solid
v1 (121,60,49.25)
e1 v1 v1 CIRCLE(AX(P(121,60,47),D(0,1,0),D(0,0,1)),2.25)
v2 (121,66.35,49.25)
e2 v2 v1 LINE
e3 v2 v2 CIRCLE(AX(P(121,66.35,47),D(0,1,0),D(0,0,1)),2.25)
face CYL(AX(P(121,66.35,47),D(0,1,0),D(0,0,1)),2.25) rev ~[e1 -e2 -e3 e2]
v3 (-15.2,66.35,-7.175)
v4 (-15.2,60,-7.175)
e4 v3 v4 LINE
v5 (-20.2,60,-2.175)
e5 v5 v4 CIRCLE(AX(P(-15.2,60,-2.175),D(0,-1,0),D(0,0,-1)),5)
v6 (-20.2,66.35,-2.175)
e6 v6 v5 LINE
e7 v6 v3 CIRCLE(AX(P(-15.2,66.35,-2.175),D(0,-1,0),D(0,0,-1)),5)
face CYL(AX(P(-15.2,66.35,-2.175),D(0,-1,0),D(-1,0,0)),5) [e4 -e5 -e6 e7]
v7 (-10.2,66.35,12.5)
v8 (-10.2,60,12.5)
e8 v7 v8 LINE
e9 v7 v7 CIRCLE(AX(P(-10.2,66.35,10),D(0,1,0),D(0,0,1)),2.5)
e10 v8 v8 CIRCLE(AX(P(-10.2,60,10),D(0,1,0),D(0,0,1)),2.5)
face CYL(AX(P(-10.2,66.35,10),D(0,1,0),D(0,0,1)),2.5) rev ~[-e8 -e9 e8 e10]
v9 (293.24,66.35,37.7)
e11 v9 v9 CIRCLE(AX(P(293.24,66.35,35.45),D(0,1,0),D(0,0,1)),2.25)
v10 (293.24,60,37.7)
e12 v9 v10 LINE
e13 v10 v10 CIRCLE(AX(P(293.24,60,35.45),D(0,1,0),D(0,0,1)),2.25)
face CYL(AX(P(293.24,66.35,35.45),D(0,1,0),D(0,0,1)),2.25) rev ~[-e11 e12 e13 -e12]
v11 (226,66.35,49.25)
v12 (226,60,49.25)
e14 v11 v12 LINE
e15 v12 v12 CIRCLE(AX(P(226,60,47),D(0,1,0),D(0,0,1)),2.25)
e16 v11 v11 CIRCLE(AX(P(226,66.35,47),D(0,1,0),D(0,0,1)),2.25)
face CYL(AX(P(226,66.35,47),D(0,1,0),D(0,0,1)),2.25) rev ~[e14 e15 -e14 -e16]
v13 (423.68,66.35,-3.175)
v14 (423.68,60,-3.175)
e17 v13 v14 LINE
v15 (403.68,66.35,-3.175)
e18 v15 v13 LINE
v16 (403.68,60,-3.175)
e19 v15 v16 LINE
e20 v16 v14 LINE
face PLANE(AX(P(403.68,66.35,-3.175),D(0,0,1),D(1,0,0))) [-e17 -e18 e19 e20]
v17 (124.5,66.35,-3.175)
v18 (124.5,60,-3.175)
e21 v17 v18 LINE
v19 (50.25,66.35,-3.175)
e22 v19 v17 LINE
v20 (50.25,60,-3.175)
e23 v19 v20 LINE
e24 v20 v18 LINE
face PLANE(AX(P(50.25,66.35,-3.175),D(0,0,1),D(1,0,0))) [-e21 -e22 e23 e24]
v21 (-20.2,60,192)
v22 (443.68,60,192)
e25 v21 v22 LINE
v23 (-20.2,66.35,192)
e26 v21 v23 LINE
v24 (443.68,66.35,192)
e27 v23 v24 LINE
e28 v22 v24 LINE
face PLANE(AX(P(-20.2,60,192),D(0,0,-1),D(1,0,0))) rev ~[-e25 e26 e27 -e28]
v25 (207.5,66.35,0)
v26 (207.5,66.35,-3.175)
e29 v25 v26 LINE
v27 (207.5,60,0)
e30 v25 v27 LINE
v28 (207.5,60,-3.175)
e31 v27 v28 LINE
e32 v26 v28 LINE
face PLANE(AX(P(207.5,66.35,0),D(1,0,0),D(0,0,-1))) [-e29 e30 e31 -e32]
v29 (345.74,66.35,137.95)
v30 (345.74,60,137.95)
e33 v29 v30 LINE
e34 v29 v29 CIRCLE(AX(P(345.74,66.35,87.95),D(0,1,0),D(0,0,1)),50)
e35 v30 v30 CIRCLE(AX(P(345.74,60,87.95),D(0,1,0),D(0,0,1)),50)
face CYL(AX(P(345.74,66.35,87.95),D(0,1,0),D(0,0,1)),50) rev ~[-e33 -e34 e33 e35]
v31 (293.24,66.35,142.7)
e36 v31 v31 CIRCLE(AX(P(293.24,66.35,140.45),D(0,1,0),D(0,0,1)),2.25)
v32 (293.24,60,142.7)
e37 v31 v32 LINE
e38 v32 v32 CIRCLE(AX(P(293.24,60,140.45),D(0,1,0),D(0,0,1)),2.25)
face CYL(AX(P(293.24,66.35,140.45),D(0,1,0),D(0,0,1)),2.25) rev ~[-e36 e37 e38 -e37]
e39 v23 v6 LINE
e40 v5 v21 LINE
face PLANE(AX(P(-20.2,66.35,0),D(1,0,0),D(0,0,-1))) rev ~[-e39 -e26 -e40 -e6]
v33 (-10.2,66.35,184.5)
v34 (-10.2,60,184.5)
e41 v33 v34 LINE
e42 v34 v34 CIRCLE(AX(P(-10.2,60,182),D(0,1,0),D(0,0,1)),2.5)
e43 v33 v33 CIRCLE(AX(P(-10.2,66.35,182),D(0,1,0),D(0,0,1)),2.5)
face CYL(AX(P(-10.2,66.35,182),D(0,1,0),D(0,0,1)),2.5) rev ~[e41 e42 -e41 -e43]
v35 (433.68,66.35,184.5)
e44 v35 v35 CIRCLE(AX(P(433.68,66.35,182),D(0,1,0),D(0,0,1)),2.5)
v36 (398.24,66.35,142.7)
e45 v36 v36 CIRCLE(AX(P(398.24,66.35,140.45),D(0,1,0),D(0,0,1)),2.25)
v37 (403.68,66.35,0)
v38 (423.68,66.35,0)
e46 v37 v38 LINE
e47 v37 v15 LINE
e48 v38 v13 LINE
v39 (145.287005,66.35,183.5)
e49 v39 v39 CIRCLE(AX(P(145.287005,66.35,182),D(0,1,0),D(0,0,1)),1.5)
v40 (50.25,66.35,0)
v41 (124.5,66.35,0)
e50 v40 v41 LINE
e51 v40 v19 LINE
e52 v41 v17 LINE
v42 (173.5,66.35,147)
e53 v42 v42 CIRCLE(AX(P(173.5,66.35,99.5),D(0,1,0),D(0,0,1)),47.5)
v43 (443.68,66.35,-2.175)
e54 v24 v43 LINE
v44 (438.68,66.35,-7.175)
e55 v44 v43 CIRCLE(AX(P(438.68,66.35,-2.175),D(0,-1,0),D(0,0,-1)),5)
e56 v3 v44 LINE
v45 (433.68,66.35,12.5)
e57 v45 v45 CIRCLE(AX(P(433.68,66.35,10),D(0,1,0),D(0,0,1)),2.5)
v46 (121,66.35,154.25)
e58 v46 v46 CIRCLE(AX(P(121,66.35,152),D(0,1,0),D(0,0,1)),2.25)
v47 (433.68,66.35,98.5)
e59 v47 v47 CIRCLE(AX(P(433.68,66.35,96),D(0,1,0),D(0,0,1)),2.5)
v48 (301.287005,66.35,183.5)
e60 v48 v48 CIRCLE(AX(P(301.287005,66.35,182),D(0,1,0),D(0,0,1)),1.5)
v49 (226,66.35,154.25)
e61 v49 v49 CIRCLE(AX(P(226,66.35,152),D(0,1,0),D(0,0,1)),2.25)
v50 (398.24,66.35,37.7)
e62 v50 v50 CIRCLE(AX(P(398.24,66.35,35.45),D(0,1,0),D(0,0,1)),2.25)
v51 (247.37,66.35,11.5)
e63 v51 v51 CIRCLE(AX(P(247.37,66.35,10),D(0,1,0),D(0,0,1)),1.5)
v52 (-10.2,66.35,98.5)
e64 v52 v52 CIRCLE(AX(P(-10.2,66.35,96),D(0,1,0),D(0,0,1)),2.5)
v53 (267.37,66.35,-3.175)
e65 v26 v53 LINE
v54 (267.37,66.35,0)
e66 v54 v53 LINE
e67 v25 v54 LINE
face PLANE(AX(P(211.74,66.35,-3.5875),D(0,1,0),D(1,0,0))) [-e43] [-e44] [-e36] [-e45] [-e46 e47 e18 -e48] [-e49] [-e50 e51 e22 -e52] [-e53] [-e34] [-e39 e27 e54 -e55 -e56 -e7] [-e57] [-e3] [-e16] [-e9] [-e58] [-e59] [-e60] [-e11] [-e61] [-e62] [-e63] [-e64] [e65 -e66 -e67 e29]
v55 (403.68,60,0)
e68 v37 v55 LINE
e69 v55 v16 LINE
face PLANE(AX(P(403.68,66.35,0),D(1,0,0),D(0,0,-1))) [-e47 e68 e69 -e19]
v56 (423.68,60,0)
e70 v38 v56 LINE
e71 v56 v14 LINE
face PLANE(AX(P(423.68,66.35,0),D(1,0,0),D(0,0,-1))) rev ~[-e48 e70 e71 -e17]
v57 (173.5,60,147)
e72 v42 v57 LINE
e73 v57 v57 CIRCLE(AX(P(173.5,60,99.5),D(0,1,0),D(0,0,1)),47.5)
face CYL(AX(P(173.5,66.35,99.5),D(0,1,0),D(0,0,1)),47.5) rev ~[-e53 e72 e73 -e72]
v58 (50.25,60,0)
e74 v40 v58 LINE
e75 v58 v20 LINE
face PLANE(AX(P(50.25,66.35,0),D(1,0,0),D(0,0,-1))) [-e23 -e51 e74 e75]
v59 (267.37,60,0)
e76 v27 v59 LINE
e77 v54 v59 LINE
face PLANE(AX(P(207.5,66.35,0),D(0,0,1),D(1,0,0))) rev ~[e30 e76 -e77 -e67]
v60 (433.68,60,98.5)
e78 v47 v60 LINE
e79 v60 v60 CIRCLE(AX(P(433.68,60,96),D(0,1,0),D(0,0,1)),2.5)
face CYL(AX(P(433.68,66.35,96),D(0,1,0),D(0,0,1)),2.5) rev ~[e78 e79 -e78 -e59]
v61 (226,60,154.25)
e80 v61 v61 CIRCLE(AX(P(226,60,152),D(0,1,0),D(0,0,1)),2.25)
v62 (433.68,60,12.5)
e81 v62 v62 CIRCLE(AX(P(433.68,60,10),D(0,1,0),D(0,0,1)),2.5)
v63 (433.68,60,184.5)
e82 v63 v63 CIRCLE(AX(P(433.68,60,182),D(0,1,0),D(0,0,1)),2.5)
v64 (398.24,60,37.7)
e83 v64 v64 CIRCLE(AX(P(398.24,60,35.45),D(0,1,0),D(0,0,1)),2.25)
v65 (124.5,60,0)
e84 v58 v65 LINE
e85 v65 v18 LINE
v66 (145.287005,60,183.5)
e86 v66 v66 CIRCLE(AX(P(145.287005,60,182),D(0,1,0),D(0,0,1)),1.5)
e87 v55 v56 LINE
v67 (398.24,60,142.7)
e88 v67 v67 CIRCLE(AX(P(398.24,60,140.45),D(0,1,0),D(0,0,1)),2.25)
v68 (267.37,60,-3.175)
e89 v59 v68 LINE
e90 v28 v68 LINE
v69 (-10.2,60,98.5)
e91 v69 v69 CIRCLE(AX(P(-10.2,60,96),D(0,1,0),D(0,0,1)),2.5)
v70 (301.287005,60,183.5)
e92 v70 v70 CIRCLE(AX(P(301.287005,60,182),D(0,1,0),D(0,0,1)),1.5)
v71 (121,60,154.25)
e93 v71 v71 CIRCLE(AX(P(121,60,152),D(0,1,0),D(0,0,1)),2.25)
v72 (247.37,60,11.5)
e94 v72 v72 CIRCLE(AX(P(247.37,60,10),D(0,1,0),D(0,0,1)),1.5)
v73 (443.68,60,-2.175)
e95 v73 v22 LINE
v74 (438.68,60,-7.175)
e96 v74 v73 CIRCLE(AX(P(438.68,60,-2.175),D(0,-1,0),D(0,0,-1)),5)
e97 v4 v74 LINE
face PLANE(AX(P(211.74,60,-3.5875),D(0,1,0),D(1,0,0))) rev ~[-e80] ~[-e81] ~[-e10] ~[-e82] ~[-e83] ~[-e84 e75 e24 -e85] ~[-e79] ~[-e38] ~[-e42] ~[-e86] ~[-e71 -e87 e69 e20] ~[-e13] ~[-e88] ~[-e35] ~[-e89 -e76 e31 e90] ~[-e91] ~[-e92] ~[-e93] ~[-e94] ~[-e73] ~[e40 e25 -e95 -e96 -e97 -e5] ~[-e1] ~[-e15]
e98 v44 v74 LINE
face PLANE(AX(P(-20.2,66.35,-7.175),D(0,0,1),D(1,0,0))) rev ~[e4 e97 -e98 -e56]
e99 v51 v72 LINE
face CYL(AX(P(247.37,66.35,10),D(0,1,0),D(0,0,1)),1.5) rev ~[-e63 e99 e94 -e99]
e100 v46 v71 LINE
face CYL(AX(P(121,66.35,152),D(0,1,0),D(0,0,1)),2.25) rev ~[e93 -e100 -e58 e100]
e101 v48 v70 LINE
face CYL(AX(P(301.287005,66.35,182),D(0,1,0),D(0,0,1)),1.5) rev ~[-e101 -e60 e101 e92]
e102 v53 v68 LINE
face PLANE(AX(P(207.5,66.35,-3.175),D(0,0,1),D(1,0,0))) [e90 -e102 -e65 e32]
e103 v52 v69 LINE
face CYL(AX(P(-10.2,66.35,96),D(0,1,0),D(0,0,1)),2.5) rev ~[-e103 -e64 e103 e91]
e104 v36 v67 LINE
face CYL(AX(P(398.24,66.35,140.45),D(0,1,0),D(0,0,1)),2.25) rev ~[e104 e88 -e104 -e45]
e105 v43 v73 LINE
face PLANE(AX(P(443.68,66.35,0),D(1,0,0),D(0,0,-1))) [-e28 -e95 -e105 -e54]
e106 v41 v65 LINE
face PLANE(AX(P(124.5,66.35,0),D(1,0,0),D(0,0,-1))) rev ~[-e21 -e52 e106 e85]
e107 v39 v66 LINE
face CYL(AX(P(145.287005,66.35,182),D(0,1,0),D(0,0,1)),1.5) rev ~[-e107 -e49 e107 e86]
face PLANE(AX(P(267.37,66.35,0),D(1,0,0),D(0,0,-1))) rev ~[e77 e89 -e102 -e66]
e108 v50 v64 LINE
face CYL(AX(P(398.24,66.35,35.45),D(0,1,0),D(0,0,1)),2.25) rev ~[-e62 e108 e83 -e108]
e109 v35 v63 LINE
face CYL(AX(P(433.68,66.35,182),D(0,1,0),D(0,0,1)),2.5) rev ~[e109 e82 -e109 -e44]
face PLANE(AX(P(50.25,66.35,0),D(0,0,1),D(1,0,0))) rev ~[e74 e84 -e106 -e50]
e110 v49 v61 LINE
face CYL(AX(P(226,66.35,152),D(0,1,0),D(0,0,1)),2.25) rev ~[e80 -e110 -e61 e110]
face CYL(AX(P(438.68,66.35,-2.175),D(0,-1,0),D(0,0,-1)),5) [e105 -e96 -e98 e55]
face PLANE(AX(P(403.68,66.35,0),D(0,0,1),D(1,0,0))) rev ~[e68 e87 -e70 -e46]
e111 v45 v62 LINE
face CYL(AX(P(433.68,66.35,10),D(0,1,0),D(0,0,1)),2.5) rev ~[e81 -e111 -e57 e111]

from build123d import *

# Parameters (mm, degrees)
SKETCH1_W           = 463.88
SKETCH1_H           = 192
BOSS_EXTRUDE1_DEPTH = 6.35
SKETCH4_R           = 2.5
CUT_EXTRUDE2_DEPTH  = 484.483469107
SKETCH2_W           = 463.88
SKETCH2_H           = 7.175
BOSS_EXTRUDE2_DEPTH = 6.35
SKETCH3_W           = 74.25
SKETCH3_H           = 3.175
SKETCH3_W_2         = 59.87
SKETCH3_W_3         = 20
CUT_EXTRUDE1_DEPTH  = 484.483469107
SKETCH5_R           = 1.5
CUT_EXTRUDE3_DEPTH  = 484.483469107
FILLET1_R           = 5
SKETCH6_R           = 47.5
SKETCH6_R_2         = 50
SKETCH6_R_3         = 2.25
CUT_EXTRUDE4_DEPTH  = 484.483469107


with BuildPart() as part:
    # Sketch1 → Boss-Extrude1 (new body)
    with BuildSketch(Plane(origin=(0, 60, 0), x_dir=(1, 0, 0), z_dir=(0, 1, 0))):
        with Locations((211.74, -96)):
            Rectangle(SKETCH1_W, SKETCH1_H)
    extrude(amount=BOSS_EXTRUDE1_DEPTH)

    # Sketch4 → Cut-Extrude2 (cut, through all)
    with BuildSketch(Plane(origin=(0, 66.35, 0), x_dir=(1, 0, 0), z_dir=(0, 1, 0))):
        with Locations(Location((433.68, -10, 0), (0, 0, 270))):
            Circle(SKETCH4_R)
        with Locations(Location((433.68, -96, 0), (0, 0, 270))):
            Circle(SKETCH4_R)
        with Locations(Location((433.68, -182, 0), (0, 0, 270))):
            Circle(SKETCH4_R)
        with Locations(Location((-10.2, -182, 0), (0, 0, 270))):
            Circle(SKETCH4_R)
        with Locations(Location((-10.2, -96, 0), (0, 0, 270))):
            Circle(SKETCH4_R)
        with Locations(Location((-10.2, -10, 0), (0, 0, 270))):
            Circle(SKETCH4_R)
    extrude(amount=-CUT_EXTRUDE2_DEPTH, mode=Mode.SUBTRACT)

    # Sketch2 → Boss-Extrude2 (add)
    with BuildSketch(Plane(origin=(0, 66.35, 0), x_dir=(1, 0, 0), z_dir=(0, 1, 0))):
        with Locations((211.74, 3.5875)):
            Rectangle(SKETCH2_W, SKETCH2_H)
    extrude(amount=-BOSS_EXTRUDE2_DEPTH)

    # Sketch3 → Cut-Extrude1 (cut, through all)
    with BuildSketch(Plane(origin=(0, 66.35, 0), x_dir=(1, 0, 0), z_dir=(0, 1, 0))):
        with Locations((87.375, 1.5875)):
            Rectangle(SKETCH3_W, SKETCH3_H)
        with Locations((237.435, 1.5875)):
            Rectangle(SKETCH3_W_2, SKETCH3_H)
        with Locations((413.68, 1.5875)):
            Rectangle(SKETCH3_W_3, SKETCH3_H)
    extrude(amount=-CUT_EXTRUDE1_DEPTH, mode=Mode.SUBTRACT)

    # Sketch5 → Cut-Extrude3 (cut, through all)
    with BuildSketch(Plane(origin=(0, 66.35, 0), x_dir=(1, 0, 0), z_dir=(0, 1, 0))):
        with Locations(Location((247.37, -10, 0), (0, 0, 270))):
            Circle(SKETCH5_R)
        with Locations(Location((145.287005384, -182, 0), (0, 0, 270))):
            Circle(SKETCH5_R)
        with Locations(Location((301.287005384, -182, 0), (0, 0, 270))):
            Circle(SKETCH5_R)
    extrude(amount=-CUT_EXTRUDE3_DEPTH, mode=Mode.SUBTRACT)

    # Fillet1
    fillet1_edges = [part.edges().sort_by_distance(p)[0] for p in [
        (-20.2, 63.175, -7.175),
        (443.68, 63.175, -7.175),
    ]]
    fillet(fillet1_edges, radius=FILLET1_R)

    # Sketch6 → Cut-Extrude4 (cut, through all)
    with BuildSketch(Plane(origin=(0, 66.35, 0), x_dir=(1, 0, 0), z_dir=(0, 1, 0))):
        with Locations(Location((173.5, -99.5, 0), (0, 0, 270))):
            Circle(SKETCH6_R)
        with Locations(Location((345.74, -87.95, 0), (0, 0, 270))):
            Circle(SKETCH6_R_2)
        with Locations(Location((121, -47, 0), (0, 0, 270))):
            Circle(SKETCH6_R_3)
        with Locations(Location((226, -47, 0), (0, 0, 270))):
            Circle(SKETCH6_R_3)
        with Locations(Location((226, -152, 0), (0, 0, 270))):
            Circle(SKETCH6_R_3)
        with Locations(Location((121, -152, 0), (0, 0, 270))):
            Circle(SKETCH6_R_3)
        with Locations(Location((293.24, -140.45, 0), (0, 0, 270))):
            Circle(SKETCH6_R_3)
        with Locations(Location((293.24, -35.45, 0), (0, 0, 270))):
            Circle(SKETCH6_R_3)
        with Locations(Location((398.24, -35.45, 0), (0, 0, 270))):
            Circle(SKETCH6_R_3)
        with Locations(Location((398.24, -140.45, 0), (0, 0, 270))):
            Circle(SKETCH6_R_3)
    extrude(amount=-CUT_EXTRUDE4_DEPTH, mode=Mode.SUBTRACT)


solid = part.part
